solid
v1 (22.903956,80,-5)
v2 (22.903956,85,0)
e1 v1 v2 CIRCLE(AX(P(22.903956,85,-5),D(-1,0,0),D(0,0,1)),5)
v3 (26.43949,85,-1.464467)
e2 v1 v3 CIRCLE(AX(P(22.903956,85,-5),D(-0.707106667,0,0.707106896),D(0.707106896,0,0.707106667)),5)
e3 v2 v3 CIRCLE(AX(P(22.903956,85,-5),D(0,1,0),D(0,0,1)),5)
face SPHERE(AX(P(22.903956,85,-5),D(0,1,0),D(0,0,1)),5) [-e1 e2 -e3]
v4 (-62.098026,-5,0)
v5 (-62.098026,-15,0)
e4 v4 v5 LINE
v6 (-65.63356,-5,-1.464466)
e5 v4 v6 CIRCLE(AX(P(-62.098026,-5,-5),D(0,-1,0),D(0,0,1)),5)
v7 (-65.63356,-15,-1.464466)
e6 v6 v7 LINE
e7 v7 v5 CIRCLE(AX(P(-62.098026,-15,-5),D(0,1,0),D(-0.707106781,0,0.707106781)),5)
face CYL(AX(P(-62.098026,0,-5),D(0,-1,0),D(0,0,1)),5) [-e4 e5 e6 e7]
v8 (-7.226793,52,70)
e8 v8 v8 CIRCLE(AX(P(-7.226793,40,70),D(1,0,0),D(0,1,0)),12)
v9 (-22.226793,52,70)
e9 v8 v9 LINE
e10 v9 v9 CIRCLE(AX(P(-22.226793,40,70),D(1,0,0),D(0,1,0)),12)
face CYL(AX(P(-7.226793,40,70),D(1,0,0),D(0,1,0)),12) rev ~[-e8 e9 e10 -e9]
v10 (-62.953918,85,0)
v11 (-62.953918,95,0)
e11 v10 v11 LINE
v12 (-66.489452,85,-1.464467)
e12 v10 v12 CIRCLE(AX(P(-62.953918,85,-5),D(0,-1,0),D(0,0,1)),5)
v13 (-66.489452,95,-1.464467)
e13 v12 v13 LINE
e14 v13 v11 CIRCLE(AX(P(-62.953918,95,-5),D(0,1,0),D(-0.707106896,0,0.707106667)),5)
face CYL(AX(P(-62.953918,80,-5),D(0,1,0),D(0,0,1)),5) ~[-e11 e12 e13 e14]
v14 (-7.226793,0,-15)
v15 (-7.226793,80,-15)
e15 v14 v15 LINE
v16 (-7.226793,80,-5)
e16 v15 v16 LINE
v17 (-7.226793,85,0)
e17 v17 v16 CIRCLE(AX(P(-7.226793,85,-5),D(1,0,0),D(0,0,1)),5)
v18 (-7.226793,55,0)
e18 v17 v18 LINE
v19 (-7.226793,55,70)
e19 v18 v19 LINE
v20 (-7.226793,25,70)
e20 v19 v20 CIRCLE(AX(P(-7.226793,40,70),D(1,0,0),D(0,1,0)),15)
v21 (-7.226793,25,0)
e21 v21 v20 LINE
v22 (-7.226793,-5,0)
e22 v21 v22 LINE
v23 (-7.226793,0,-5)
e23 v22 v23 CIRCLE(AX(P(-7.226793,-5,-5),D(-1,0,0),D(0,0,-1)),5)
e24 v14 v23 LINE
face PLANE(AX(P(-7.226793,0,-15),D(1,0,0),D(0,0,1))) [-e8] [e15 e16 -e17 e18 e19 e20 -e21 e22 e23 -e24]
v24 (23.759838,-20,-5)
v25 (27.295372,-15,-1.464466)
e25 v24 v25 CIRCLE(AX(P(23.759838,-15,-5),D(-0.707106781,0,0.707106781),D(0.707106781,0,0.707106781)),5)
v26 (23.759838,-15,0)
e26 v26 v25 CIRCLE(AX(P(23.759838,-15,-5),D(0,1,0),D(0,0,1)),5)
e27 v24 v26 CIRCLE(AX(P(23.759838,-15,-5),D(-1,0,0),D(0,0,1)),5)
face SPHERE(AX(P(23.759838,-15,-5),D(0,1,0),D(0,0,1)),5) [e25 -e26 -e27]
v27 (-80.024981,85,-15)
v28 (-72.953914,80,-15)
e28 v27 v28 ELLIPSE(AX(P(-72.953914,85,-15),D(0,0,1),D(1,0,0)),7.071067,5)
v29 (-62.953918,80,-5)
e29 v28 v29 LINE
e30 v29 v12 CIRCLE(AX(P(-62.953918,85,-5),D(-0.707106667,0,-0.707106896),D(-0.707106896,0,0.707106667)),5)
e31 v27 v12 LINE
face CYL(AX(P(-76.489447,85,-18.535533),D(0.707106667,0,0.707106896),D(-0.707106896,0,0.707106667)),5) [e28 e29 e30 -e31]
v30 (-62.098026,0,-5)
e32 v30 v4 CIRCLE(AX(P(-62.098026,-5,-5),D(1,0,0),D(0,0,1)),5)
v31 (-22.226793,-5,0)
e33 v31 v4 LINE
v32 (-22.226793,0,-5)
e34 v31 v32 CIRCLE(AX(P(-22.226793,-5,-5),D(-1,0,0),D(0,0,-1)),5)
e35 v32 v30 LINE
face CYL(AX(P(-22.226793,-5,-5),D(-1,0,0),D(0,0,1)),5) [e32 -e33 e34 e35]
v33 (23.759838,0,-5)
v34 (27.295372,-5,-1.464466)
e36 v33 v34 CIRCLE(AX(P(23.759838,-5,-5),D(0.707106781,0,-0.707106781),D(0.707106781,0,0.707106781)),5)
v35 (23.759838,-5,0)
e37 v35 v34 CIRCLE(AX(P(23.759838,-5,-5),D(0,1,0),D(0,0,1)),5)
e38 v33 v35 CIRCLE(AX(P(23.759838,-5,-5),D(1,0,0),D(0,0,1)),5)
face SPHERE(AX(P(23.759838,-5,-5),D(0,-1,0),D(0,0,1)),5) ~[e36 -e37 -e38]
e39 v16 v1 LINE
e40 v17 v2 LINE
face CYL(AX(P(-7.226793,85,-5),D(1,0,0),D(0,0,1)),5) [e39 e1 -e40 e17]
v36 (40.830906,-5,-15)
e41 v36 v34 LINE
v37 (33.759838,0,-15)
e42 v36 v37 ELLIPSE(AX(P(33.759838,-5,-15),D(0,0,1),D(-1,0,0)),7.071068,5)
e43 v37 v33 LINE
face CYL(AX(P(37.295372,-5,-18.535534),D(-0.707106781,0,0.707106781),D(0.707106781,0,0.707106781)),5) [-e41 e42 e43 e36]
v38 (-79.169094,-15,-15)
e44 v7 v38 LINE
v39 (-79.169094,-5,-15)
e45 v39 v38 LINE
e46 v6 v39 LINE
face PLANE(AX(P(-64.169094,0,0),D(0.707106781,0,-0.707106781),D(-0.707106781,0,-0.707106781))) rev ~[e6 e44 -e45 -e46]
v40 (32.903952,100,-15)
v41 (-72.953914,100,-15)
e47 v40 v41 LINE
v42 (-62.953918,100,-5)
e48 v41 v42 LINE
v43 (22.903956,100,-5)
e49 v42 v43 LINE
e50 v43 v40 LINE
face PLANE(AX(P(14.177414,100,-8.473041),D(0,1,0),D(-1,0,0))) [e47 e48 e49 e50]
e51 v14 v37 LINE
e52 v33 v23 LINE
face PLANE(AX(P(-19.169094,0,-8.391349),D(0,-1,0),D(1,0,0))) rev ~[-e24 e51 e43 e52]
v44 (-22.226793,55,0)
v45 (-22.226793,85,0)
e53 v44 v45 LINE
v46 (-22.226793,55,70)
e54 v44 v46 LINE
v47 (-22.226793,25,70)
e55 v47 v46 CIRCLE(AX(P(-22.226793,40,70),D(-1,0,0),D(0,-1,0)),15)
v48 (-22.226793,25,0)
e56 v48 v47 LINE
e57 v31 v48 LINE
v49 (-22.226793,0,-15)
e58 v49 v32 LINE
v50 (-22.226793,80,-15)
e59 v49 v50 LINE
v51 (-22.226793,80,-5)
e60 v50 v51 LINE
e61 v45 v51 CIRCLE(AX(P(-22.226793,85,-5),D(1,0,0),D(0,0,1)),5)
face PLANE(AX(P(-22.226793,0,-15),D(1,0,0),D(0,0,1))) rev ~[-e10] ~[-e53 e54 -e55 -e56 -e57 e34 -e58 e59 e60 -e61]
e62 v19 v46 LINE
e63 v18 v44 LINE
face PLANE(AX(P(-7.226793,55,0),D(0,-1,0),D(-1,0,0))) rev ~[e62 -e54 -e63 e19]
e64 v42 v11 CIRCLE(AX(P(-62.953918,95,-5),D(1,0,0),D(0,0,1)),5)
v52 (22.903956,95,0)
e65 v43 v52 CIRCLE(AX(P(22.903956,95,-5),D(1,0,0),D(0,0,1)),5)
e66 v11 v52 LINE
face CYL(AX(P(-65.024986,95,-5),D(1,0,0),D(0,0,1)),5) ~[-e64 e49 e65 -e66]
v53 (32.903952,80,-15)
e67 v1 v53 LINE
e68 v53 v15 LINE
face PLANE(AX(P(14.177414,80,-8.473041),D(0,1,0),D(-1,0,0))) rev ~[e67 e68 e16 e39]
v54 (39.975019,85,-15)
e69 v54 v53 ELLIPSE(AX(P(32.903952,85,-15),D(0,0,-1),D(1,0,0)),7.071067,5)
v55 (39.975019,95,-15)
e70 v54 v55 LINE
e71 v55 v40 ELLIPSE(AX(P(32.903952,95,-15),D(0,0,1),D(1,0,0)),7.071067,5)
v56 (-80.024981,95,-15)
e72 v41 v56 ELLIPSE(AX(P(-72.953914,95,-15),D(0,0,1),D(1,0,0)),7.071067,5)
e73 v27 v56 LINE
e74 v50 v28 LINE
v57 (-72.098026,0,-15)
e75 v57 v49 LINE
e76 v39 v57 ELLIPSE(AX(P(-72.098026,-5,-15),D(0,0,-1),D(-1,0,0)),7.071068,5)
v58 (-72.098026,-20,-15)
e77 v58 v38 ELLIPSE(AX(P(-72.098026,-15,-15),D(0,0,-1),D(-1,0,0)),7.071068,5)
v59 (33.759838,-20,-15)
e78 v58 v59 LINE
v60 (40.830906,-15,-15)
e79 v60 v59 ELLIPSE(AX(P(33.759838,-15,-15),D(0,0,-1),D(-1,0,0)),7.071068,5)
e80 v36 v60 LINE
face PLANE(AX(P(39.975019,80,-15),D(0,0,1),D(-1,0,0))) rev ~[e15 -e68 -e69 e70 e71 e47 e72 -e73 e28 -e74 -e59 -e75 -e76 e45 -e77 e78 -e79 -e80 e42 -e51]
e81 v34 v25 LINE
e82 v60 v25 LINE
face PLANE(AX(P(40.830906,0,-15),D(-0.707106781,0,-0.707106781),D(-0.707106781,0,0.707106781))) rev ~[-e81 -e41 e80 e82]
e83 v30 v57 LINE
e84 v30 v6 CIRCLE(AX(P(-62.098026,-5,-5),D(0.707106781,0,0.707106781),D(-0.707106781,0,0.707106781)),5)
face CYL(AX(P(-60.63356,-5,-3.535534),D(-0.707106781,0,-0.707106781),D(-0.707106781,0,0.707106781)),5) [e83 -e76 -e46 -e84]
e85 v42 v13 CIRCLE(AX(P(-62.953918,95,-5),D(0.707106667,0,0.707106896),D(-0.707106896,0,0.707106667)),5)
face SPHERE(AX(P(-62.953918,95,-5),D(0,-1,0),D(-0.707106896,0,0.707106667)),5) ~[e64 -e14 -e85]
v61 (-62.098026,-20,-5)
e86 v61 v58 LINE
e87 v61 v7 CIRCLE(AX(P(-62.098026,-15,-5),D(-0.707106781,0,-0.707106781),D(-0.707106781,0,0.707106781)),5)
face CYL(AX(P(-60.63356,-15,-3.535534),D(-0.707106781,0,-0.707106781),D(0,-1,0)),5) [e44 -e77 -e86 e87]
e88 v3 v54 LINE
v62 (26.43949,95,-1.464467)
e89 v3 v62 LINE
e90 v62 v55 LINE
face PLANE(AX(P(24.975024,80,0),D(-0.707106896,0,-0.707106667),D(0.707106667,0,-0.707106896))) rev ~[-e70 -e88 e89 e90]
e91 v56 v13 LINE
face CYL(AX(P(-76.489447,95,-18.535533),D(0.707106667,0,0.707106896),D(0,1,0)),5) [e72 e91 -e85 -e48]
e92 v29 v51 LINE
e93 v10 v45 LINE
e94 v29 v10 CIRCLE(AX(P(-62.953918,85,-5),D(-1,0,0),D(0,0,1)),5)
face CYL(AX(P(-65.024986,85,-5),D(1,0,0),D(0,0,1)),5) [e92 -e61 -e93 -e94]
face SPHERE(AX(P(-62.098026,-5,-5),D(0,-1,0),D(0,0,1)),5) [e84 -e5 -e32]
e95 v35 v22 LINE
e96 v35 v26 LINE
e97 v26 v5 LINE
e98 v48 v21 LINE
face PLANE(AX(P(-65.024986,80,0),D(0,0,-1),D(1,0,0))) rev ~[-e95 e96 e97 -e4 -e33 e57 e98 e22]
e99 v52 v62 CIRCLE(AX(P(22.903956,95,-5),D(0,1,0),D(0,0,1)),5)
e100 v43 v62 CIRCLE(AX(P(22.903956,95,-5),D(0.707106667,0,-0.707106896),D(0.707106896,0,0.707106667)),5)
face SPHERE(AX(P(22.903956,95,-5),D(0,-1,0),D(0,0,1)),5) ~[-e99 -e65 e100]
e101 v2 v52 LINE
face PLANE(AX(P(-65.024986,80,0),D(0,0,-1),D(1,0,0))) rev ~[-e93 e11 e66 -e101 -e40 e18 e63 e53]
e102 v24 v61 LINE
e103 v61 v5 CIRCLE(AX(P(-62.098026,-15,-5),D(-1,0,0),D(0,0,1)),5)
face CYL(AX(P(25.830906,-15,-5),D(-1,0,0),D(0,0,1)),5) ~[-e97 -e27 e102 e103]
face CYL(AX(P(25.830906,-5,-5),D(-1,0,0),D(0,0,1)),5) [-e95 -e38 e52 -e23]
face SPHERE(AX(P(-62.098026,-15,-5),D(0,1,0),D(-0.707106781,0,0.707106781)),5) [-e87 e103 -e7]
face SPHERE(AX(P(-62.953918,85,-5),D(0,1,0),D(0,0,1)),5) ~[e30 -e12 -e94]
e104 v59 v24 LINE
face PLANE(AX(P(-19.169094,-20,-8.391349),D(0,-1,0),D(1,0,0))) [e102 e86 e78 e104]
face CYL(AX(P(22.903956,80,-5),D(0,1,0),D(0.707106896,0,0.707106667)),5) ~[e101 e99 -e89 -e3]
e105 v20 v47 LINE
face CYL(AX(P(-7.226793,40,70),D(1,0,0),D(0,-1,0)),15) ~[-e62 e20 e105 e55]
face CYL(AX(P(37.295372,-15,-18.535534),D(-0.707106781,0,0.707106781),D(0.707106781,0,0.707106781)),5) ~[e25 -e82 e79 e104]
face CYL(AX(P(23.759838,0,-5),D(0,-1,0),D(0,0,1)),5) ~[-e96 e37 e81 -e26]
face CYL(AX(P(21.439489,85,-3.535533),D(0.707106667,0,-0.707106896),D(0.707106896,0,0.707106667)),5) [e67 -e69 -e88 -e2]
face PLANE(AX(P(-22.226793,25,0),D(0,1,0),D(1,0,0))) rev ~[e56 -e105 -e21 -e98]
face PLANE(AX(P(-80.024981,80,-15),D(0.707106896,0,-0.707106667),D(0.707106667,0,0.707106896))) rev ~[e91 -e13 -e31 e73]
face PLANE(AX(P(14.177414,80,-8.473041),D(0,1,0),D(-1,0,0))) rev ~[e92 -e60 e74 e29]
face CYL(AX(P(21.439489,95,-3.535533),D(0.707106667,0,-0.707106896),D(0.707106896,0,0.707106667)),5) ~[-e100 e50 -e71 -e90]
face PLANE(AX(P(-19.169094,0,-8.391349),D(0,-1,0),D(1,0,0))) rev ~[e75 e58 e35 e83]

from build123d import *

# Parameters (mm, degrees)
F1_DEPTH  = 20
F2_W      = 15
F2_H      = 15
F3_DEPTH  = 80
F4_W      = 15
F4_H      = 15
F5_DEPTH  = 20
F6_R      = 5
F8_DEPTH  = 85
F10_DEPTH = 25
F11_R     = 12
F12_DEPTH = 72.7991883287


with BuildPart() as f1:
    # F0 (on Front) → F1 (new body)
    with BuildSketch(Plane.XZ):
        Polygon((-19.1690939665, 0), (-49.1690939665, 0), (-64.1690939665, 0), (-79.1690939665, -15), (-49.1690939665, -15), (10.8309060335, -15), (40.8309060335, -15), (25.8309060335, 0), (10.8309060335, 0), align=None)
    extrude(amount=F1_DEPTH)

    # F2 (on face) → F3 (join)
    with BuildSketch(Plane(origin=(0, 0, 0), x_dir=(-1, 0, 0), z_dir=(0, 1, 0))):
        with Locations((14.7267927229, -7.5)):
            Rectangle(F2_W, F2_H)
    extrude(amount=F3_DEPTH)

    # F4 (on face) → F5 (join)
    with BuildSketch(Plane(origin=(0, 80, 0), x_dir=(-1, 0, 0), z_dir=(0, 1, 0))):
        Polygon((7.2267927229, 0), (-24.975023807, 0), (-39.9750189483, -15), (-19.9750189483, -15), (7.2267927229, -15), align=None)
        with Locations((14.7267927229, -7.5)):
            Rectangle(F4_W, F4_H)
        Polygon((65.0249859104, 0), (22.2267927229, 0), (22.2267927229, -15), (60.0249810517, -15), (80.0249810517, -15), align=None)
    extrude(amount=F5_DEPTH)

    # F6
    f6_edges = [f1.edges().sort_by_distance(p)[0] for p in [
        (-65.024986, 90, 0),
        (24.975024, 90, 0),
        (-64.169094, -10, 0),
        (25.830906, -10, 0),
        (-43.197943, 0, 0),
        (9.302057, 0, 0),
        (33.330906, 0, -7.5),
        (-71.669094, 0, -7.5),
        (-71.669094, -20, -7.5),
        (-19.169094, -20, 0),
        (33.330906, -20, -7.5),
        (8.874116, 80, 0),
        (-43.625889, 80, 0),
        (-72.524983, 80, -7.5),
        (-72.524983, 100, -7.5),
        (-20.024981, 100, 0),
        (32.475021, 100, -7.5),
        (32.475021, 80, -7.5),
    ]]
    fillet(f6_edges, radius=F6_R)

    # F7 (on face) → F8 (join)
    with BuildSketch(Plane.XY):
        Polygon((-22.2267927229, 25), (-7.2267927229, 25), (-7.2267927229, 55), (-22.2267927229, 55), (-22.2267927229, 40), align=None)
    extrude(amount=F8_DEPTH)

    # F9 (on face) → F10 (cut)
    with BuildSketch(Plane.YZ.offset(-7.2267927229)):
        with BuildLine():
            ThreePointArc((25, 70), (29.3933982822, 80.6066017178), (40, 85))
            Line((40, 85), (25, 85))
            Line((25, 85), (25, 70))
        make_face()
        with BuildLine():
            Line((55, 85), (40, 85))
            ThreePointArc((40, 85), (50.6066017178, 80.6066017178), (55, 70))
            Line((55, 70), (55, 85))
        make_face()
    extrude(amount=-F10_DEPTH, mode=Mode.SUBTRACT)

    # F11 (on face) → F12 (cut, through all)
    with BuildSketch(Plane.YZ.offset(-7.2267927229)):
        with Locations((40, 70)):
            Circle(F11_R)
    extrude(amount=-F12_DEPTH, mode=Mode.SUBTRACT)


solid = f1.part
